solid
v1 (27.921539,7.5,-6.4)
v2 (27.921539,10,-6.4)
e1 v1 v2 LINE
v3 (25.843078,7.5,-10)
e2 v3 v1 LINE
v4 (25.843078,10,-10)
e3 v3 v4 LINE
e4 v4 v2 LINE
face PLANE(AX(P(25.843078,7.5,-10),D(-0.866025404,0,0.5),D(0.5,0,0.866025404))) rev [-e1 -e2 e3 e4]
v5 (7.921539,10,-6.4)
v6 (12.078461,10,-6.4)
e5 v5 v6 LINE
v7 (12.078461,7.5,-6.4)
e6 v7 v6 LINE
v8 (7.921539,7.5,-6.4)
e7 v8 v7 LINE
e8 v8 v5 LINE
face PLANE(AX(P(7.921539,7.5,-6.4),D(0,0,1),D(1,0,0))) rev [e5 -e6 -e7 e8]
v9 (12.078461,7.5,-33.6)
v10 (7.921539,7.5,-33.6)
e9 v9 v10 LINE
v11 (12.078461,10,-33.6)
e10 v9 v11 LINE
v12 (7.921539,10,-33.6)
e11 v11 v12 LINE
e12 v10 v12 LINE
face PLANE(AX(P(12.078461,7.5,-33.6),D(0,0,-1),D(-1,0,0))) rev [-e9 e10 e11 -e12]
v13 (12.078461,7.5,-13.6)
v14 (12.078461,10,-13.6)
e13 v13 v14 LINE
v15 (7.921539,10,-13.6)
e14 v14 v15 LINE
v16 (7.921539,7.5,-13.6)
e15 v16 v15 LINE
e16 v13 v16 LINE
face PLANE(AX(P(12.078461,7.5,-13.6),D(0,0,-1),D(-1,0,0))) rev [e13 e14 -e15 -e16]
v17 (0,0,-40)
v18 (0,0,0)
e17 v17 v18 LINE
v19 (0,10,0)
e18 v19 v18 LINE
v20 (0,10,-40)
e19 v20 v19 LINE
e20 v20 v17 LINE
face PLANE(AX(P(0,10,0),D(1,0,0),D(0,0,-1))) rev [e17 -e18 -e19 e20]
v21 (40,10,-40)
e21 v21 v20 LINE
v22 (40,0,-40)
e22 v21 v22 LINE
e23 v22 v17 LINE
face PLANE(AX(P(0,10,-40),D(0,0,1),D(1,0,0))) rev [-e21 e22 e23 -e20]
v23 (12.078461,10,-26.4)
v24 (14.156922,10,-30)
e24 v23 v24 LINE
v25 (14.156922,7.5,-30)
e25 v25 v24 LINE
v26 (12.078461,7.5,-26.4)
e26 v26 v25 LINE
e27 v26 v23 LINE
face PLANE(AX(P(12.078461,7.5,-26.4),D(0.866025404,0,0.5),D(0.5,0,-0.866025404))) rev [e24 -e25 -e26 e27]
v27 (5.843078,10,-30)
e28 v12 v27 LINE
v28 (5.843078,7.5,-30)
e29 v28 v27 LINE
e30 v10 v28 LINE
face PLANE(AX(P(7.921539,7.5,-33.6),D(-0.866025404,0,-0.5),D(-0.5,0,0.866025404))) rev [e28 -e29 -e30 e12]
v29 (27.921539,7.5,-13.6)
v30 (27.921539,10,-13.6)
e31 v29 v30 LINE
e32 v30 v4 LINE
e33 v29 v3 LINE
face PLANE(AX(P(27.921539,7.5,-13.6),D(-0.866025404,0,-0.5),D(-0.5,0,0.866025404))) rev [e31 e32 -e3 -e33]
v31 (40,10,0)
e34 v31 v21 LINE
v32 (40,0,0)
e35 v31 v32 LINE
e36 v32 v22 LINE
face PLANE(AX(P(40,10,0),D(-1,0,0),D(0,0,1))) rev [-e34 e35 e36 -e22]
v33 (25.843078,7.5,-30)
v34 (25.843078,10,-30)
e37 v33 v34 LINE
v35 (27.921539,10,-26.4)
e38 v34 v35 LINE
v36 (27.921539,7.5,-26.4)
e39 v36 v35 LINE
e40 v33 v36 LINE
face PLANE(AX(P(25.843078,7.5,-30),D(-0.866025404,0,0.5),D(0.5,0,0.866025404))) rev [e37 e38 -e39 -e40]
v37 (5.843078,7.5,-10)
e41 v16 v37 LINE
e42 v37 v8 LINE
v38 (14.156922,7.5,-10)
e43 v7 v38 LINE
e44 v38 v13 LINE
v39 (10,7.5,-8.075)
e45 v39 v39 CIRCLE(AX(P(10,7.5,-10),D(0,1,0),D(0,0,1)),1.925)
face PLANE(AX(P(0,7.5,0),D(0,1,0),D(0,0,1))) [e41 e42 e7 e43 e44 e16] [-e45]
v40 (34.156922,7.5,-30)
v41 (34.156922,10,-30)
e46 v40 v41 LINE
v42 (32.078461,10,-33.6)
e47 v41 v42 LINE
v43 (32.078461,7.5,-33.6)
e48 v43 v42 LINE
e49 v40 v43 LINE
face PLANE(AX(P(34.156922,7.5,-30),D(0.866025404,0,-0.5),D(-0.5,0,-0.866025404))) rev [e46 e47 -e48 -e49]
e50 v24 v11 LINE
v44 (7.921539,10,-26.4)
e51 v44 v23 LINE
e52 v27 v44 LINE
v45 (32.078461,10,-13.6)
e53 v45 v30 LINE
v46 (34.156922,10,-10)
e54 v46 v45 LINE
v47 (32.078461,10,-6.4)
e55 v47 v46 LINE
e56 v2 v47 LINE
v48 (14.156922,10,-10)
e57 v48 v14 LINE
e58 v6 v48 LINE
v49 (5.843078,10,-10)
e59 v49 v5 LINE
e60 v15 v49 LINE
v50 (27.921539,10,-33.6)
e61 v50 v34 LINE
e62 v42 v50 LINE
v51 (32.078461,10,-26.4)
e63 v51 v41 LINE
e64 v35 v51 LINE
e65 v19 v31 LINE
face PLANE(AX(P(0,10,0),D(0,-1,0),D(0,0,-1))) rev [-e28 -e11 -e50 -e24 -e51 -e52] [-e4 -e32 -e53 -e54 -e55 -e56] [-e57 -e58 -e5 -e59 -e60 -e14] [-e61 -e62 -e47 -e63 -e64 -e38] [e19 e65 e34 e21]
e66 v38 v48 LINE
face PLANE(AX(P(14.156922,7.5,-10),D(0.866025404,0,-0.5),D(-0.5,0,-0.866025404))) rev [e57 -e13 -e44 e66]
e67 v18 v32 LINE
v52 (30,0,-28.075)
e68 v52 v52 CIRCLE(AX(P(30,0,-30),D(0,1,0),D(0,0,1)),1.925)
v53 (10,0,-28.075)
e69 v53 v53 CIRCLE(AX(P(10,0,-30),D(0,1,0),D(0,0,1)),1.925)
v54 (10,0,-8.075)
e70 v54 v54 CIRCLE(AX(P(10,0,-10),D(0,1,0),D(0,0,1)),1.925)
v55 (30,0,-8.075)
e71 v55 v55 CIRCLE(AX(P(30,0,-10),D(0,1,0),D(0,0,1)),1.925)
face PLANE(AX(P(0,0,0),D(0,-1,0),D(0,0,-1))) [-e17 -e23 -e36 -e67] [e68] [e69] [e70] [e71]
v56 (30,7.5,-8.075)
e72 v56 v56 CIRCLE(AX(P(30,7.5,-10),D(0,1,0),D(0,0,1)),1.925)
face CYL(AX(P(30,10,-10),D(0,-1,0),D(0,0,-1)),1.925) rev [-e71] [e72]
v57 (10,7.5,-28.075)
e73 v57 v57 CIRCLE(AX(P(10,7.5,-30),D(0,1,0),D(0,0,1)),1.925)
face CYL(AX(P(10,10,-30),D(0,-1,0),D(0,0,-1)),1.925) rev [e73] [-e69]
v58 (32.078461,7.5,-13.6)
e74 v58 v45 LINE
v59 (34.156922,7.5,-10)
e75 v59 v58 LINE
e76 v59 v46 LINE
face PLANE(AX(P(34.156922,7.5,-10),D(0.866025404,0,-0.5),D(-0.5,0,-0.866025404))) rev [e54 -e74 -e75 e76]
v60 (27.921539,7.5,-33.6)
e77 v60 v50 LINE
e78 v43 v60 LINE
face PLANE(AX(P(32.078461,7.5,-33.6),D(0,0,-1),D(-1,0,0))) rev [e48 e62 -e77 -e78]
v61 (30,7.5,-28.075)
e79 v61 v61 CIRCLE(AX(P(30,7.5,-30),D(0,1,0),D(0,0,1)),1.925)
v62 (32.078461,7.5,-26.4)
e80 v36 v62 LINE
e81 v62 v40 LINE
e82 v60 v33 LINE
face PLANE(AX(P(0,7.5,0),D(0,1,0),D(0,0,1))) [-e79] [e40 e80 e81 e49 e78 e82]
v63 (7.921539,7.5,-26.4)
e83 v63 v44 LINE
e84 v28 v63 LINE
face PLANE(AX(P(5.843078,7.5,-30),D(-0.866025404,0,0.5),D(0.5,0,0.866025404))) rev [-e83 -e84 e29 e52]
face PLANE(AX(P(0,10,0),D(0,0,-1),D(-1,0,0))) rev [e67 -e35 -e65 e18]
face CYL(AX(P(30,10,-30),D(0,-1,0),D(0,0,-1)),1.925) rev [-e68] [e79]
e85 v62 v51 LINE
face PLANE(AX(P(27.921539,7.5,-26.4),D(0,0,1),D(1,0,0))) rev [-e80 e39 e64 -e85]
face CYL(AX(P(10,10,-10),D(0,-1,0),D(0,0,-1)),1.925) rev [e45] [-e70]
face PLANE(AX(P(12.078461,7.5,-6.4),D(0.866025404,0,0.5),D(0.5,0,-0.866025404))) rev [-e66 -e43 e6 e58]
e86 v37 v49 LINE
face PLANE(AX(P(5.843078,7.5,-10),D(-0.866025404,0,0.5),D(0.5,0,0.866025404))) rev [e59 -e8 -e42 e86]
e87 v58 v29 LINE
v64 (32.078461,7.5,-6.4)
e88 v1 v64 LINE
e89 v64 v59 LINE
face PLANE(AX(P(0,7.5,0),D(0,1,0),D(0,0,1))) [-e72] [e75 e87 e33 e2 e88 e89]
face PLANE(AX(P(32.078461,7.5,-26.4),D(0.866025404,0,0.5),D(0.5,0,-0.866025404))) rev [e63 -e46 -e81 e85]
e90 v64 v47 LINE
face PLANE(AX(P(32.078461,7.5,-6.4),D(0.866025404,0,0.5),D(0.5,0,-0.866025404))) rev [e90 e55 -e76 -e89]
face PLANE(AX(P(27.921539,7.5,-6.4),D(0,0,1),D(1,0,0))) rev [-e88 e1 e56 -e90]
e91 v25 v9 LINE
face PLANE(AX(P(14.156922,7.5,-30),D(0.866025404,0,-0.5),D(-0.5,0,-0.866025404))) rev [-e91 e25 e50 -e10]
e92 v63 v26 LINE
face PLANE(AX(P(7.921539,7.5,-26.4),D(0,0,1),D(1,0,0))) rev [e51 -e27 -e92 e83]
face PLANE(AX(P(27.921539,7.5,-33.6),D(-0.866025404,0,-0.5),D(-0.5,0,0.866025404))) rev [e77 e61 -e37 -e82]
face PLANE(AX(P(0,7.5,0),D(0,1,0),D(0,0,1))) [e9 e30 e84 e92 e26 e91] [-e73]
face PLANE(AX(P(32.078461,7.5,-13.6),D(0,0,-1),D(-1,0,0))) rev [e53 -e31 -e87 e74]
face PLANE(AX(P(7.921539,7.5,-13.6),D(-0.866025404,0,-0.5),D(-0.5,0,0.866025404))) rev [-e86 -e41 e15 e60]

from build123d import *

# Parameters (mm, degrees)
SKETCH1_W           = 40
SKETCH1_H           = 40
SKETCH1_R           = 1.925
BOSS_EXTRUDE1_DEPTH = 10
CUT_EXTRUDE1_DEPTH  = 2.5


with BuildPart() as part:
    # Sketch1 → Boss-Extrude1 (new body)
    with BuildSketch(Plane(origin=(0, 0, 0), x_dir=(1, 0, 0), z_dir=(0, 1, 0))):
        with Locations((20, 20)):
            Rectangle(SKETCH1_W, SKETCH1_H)
        with Locations(Location((10, 30, 0), (0, 0, 270))):
            Circle(SKETCH1_R, mode=Mode.SUBTRACT)
        with Locations(Location((30, 30, 0), (0, 0, 270))):
            Circle(SKETCH1_R, mode=Mode.SUBTRACT)
        with Locations(Location((30, 10, 0), (0, 0, 270))):
            Circle(SKETCH1_R, mode=Mode.SUBTRACT)
        with Locations(Location((10, 10, 0), (0, 0, 270))):
            Circle(SKETCH1_R, mode=Mode.SUBTRACT)
    extrude(amount=BOSS_EXTRUDE1_DEPTH)

    # Sketch2 → Cut-Extrude1 (cut)
    with BuildSketch(Plane(origin=(0, 10, 0), x_dir=(1, 0, 0), z_dir=(0, 1, 0))):
        Polygon((14.156921938, 10), (12.078460969, 13.6), (7.921539031, 13.6), (5.843078062, 10), (7.921539031, 6.4), (12.078460969, 6.4), align=None)
        Polygon((25.843078062, 10), (27.921539031, 6.4), (32.078460969, 6.4), (34.156921938, 10), (32.078460969, 13.6), (27.921539031, 13.6), align=None)
        Polygon((25.843078062, 30), (27.921539031, 26.4), (32.078460969, 26.4), (34.156921938, 30), (32.078460969, 33.6), (27.921539031, 33.6), align=None)
        Polygon((14.156921938, 30), (12.078460969, 33.6), (7.921539031, 33.6), (5.843078062, 30), (7.921539031, 26.4), (12.078460969, 26.4), align=None)
    extrude(amount=-CUT_EXTRUDE1_DEPTH, mode=Mode.SUBTRACT)


solid = part.part
